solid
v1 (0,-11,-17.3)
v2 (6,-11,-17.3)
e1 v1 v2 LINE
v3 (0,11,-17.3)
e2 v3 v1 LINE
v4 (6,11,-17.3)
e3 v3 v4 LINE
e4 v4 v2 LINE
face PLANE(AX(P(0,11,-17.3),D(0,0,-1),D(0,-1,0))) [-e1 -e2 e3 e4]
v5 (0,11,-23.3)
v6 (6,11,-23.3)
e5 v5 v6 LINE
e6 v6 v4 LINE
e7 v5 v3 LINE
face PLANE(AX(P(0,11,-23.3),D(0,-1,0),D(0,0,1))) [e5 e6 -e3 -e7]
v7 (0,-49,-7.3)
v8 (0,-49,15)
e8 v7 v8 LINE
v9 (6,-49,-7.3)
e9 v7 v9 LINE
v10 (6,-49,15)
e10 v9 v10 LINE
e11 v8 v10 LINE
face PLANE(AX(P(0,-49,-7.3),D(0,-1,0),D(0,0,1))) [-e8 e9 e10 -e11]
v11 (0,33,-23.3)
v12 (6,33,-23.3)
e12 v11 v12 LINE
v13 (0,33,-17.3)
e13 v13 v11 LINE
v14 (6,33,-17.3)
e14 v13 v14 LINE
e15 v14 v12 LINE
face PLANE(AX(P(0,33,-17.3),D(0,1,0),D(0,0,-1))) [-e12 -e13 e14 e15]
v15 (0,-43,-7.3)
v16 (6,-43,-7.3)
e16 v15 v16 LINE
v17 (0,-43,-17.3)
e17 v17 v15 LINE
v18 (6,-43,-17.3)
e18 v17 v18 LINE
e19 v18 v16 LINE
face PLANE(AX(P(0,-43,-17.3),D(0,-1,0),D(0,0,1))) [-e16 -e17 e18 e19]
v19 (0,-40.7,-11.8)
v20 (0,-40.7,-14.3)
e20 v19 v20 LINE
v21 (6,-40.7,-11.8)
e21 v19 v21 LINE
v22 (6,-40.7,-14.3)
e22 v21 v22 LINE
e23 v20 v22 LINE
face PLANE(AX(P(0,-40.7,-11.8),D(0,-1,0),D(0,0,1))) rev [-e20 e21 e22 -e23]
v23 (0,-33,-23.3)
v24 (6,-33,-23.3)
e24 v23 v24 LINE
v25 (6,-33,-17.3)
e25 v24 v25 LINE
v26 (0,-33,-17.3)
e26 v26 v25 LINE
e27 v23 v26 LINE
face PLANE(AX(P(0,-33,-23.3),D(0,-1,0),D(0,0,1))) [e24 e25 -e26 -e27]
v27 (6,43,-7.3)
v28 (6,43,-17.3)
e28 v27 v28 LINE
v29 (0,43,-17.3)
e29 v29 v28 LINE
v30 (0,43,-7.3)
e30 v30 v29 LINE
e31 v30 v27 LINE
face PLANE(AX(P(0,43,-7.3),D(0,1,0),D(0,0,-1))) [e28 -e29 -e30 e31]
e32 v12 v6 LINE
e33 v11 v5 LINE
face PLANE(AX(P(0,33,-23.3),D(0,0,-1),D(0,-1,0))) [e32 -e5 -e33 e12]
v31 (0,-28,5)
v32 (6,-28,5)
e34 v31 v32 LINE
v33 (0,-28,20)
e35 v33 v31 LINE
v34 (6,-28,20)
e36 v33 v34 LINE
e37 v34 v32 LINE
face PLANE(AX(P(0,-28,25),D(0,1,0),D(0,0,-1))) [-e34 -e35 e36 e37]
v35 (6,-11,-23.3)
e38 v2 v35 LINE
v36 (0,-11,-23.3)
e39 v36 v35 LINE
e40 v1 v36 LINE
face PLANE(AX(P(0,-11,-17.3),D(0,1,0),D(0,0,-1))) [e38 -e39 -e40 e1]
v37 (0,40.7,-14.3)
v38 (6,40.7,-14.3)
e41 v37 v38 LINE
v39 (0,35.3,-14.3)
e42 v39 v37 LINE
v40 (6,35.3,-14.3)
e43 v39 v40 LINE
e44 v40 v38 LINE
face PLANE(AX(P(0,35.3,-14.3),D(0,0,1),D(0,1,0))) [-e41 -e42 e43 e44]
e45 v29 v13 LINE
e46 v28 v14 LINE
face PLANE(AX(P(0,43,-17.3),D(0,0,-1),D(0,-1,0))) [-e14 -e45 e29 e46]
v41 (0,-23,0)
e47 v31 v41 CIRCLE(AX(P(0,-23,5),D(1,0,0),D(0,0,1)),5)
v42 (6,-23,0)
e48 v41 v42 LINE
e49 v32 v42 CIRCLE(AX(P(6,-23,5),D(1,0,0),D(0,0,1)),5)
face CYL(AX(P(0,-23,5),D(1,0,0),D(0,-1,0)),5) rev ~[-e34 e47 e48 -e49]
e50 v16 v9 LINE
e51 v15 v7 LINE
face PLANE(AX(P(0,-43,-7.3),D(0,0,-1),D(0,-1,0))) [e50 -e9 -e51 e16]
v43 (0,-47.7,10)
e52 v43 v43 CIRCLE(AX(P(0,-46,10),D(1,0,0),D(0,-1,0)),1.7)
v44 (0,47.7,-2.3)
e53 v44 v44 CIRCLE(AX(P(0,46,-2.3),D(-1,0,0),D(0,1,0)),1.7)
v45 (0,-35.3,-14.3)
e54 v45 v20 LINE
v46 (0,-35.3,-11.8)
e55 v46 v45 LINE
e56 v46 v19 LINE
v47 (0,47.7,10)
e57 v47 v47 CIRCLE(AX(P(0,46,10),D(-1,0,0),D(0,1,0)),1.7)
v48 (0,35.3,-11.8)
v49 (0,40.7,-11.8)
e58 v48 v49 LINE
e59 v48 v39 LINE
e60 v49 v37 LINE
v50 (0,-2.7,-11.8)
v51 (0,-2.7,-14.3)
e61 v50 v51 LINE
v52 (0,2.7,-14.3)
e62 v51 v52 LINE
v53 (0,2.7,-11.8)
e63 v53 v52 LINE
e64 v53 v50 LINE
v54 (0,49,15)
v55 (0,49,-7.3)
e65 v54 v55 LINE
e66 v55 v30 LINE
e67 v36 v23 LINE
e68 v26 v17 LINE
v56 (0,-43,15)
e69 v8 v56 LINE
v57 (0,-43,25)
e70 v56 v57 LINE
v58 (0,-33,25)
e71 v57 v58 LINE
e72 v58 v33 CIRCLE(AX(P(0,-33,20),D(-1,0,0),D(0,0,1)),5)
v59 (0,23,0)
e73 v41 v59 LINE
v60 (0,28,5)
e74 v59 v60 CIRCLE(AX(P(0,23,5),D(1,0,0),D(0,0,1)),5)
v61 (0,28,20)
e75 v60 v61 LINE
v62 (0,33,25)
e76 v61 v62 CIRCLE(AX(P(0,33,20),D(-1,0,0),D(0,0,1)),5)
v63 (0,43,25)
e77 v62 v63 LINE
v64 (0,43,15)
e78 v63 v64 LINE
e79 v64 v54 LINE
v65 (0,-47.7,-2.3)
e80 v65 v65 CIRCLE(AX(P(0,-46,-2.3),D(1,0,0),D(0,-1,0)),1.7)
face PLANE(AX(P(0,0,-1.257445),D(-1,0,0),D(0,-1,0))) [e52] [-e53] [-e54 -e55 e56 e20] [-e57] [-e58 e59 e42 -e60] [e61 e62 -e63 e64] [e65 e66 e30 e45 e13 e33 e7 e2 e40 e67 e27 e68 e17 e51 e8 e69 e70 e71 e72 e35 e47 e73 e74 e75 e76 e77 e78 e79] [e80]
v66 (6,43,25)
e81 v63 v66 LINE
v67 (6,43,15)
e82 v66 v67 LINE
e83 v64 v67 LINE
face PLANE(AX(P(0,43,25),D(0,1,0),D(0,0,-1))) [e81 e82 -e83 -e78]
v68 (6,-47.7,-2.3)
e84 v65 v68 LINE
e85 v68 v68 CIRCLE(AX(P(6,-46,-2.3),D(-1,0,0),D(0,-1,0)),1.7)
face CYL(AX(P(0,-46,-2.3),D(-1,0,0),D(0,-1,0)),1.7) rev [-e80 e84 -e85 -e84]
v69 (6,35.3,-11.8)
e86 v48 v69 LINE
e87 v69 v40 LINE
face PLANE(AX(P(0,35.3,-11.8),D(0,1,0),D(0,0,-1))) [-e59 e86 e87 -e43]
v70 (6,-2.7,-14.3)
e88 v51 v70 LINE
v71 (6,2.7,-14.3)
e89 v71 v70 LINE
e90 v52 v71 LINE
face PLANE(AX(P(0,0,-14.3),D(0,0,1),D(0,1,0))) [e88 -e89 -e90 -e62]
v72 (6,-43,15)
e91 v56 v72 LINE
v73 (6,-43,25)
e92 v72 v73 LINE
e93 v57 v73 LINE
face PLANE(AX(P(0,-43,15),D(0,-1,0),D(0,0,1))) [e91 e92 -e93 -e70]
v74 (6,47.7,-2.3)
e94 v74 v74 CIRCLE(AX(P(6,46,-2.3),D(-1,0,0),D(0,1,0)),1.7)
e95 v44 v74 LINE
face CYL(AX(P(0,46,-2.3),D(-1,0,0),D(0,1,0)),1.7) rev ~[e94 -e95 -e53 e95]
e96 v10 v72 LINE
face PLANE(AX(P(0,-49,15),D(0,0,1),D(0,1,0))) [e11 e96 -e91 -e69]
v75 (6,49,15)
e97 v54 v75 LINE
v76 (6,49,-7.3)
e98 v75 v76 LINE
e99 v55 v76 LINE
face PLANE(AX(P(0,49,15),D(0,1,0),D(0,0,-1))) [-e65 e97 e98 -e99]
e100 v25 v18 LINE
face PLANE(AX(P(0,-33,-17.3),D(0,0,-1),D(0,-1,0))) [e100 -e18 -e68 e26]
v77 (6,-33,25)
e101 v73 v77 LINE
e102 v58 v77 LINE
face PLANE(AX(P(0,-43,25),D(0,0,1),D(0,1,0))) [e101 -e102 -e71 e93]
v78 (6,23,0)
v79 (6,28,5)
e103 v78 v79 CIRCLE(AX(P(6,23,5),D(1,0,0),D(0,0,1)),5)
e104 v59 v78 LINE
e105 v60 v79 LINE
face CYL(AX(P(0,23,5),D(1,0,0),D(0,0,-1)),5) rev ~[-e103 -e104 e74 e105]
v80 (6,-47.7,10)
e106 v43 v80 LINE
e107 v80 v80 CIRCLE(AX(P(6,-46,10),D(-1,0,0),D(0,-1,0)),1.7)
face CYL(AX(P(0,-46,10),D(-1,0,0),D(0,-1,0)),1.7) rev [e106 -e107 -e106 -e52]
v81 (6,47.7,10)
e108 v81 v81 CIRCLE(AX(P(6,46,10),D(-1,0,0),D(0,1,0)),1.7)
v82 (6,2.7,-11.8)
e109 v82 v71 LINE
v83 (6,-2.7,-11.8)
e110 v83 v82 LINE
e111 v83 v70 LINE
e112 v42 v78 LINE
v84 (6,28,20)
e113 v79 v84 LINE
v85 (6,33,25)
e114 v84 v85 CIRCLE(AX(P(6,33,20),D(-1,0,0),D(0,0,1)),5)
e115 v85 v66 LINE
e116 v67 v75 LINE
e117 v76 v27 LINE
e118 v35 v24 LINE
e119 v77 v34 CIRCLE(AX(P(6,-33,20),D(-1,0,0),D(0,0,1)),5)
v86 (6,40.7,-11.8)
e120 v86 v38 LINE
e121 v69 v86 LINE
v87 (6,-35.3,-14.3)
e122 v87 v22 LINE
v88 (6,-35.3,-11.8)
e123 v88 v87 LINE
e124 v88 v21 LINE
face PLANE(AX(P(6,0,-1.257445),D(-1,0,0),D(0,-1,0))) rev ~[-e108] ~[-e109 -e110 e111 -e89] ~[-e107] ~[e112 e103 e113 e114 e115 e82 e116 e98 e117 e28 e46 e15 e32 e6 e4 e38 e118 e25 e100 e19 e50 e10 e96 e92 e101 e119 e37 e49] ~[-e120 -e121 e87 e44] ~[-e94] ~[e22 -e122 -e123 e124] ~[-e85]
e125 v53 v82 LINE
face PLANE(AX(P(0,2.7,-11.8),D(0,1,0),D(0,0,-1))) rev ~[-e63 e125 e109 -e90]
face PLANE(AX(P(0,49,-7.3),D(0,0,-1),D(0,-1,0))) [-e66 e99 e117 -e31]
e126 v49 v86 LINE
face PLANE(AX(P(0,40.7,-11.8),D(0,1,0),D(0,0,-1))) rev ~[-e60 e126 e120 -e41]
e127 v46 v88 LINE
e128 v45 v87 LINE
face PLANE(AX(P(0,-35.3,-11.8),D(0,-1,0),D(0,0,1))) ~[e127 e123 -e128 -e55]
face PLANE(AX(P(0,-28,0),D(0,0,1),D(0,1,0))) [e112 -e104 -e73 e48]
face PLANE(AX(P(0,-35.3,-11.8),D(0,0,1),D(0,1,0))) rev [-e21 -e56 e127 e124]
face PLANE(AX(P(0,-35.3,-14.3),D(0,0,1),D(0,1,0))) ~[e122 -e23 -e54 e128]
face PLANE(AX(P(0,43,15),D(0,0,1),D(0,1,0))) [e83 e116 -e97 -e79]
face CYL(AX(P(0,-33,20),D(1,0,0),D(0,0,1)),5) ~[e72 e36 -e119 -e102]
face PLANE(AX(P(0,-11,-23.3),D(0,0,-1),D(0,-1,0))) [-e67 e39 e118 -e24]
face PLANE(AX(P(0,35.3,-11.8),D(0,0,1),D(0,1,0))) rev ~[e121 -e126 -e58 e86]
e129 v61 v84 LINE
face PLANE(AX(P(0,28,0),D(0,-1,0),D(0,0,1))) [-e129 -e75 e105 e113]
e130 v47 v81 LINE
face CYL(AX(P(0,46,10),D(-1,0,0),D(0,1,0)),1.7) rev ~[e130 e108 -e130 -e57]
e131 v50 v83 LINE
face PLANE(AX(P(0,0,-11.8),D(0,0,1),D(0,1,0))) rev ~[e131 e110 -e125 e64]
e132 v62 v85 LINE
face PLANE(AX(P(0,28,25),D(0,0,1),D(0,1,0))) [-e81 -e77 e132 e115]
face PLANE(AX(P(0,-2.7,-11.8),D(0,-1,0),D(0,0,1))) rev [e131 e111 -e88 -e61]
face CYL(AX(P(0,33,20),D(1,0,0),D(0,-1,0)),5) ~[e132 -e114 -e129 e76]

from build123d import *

# Parameters (mm, degrees)
PAD_DEPTH       = 6
SKETCH001_W     = 5.4
SKETCH001_H     = 2.5
SKETCH001_W_2   = 2.7
POCKET_DEPTH    = 224.842404
SKETCH002_R     = 1.7
POCKET001_DEPTH = 224.842404
FILLET_R        = 5


with BuildPart() as part:
    # Sketch → Pad (new body)
    with BuildSketch(Plane.YZ):
        Polygon((-43, 25), (-28, 25), (-28, 0), (28, 0), (28, 25), (43, 25), (43, 15), (49, 15), (49, -7.3), (43, -7.3), (43, -17.3), (33, -17.3), (33, -23.3), (11, -23.3), (11, -17.3), (-11, -17.3), (-11, -23.3), (-33, -23.3), (-33, -17.3), (-43, -17.3), (-43, -7.3), (-49, -7.3), (-49, 15), (-43, 15), align=None)
    extrude(amount=PAD_DEPTH)

    # Sketch001 (on Face25 of Pad) → Pocket (cut, through all)
    with BuildSketch(Plane(origin=(0, 0, 0), x_dir=(0, 1, 0), z_dir=(-1, 0, 0))):
        with Locations((38, 13.05)):
            Rectangle(SKETCH001_W, SKETCH001_H)
        with Locations((1.35, 13.05)):
            Rectangle(SKETCH001_W_2, SKETCH001_H)
    pocket = extrude(amount=-POCKET_DEPTH, mode=Mode.SUBTRACT)

    # Mirrored: Pocket across Sketch001 V_Axis
    add(pocket.mirror(Plane(origin=(0, 0, 0), x_dir=(-1, 0, 0), z_dir=(0, 1, 0))), mode=Mode.SUBTRACT)

    # Sketch002 (on Face4 of Mirrored) → Pocket001 (cut, through all)
    with BuildSketch(Plane(origin=(0, 0, 0), x_dir=(0, 1, 0), z_dir=(-1, 0, 0))):
        with Locations((46, -10)):
            Circle(SKETCH002_R)
        with Locations((46, 2.3)):
            Circle(SKETCH002_R)
    pocket001 = extrude(amount=-POCKET001_DEPTH, mode=Mode.SUBTRACT)

    # Mirrored001: Pocket001 across Sketch002 V_Axis
    add(pocket001.mirror(Plane(origin=(0, 0, 0), x_dir=(-1, 0, 0), z_dir=(0, 1, 0))), mode=Mode.SUBTRACT)

    # Fillet
    fillet_edges = [part.edges().sort_by_distance(p)[0] for p in [
        (3, -28, 0),
        (3, -28, 25),
        (3, 28, 25),
        (3, 28, 0),
    ]]
    fillet(fillet_edges, radius=FILLET_R)


solid = part.part
